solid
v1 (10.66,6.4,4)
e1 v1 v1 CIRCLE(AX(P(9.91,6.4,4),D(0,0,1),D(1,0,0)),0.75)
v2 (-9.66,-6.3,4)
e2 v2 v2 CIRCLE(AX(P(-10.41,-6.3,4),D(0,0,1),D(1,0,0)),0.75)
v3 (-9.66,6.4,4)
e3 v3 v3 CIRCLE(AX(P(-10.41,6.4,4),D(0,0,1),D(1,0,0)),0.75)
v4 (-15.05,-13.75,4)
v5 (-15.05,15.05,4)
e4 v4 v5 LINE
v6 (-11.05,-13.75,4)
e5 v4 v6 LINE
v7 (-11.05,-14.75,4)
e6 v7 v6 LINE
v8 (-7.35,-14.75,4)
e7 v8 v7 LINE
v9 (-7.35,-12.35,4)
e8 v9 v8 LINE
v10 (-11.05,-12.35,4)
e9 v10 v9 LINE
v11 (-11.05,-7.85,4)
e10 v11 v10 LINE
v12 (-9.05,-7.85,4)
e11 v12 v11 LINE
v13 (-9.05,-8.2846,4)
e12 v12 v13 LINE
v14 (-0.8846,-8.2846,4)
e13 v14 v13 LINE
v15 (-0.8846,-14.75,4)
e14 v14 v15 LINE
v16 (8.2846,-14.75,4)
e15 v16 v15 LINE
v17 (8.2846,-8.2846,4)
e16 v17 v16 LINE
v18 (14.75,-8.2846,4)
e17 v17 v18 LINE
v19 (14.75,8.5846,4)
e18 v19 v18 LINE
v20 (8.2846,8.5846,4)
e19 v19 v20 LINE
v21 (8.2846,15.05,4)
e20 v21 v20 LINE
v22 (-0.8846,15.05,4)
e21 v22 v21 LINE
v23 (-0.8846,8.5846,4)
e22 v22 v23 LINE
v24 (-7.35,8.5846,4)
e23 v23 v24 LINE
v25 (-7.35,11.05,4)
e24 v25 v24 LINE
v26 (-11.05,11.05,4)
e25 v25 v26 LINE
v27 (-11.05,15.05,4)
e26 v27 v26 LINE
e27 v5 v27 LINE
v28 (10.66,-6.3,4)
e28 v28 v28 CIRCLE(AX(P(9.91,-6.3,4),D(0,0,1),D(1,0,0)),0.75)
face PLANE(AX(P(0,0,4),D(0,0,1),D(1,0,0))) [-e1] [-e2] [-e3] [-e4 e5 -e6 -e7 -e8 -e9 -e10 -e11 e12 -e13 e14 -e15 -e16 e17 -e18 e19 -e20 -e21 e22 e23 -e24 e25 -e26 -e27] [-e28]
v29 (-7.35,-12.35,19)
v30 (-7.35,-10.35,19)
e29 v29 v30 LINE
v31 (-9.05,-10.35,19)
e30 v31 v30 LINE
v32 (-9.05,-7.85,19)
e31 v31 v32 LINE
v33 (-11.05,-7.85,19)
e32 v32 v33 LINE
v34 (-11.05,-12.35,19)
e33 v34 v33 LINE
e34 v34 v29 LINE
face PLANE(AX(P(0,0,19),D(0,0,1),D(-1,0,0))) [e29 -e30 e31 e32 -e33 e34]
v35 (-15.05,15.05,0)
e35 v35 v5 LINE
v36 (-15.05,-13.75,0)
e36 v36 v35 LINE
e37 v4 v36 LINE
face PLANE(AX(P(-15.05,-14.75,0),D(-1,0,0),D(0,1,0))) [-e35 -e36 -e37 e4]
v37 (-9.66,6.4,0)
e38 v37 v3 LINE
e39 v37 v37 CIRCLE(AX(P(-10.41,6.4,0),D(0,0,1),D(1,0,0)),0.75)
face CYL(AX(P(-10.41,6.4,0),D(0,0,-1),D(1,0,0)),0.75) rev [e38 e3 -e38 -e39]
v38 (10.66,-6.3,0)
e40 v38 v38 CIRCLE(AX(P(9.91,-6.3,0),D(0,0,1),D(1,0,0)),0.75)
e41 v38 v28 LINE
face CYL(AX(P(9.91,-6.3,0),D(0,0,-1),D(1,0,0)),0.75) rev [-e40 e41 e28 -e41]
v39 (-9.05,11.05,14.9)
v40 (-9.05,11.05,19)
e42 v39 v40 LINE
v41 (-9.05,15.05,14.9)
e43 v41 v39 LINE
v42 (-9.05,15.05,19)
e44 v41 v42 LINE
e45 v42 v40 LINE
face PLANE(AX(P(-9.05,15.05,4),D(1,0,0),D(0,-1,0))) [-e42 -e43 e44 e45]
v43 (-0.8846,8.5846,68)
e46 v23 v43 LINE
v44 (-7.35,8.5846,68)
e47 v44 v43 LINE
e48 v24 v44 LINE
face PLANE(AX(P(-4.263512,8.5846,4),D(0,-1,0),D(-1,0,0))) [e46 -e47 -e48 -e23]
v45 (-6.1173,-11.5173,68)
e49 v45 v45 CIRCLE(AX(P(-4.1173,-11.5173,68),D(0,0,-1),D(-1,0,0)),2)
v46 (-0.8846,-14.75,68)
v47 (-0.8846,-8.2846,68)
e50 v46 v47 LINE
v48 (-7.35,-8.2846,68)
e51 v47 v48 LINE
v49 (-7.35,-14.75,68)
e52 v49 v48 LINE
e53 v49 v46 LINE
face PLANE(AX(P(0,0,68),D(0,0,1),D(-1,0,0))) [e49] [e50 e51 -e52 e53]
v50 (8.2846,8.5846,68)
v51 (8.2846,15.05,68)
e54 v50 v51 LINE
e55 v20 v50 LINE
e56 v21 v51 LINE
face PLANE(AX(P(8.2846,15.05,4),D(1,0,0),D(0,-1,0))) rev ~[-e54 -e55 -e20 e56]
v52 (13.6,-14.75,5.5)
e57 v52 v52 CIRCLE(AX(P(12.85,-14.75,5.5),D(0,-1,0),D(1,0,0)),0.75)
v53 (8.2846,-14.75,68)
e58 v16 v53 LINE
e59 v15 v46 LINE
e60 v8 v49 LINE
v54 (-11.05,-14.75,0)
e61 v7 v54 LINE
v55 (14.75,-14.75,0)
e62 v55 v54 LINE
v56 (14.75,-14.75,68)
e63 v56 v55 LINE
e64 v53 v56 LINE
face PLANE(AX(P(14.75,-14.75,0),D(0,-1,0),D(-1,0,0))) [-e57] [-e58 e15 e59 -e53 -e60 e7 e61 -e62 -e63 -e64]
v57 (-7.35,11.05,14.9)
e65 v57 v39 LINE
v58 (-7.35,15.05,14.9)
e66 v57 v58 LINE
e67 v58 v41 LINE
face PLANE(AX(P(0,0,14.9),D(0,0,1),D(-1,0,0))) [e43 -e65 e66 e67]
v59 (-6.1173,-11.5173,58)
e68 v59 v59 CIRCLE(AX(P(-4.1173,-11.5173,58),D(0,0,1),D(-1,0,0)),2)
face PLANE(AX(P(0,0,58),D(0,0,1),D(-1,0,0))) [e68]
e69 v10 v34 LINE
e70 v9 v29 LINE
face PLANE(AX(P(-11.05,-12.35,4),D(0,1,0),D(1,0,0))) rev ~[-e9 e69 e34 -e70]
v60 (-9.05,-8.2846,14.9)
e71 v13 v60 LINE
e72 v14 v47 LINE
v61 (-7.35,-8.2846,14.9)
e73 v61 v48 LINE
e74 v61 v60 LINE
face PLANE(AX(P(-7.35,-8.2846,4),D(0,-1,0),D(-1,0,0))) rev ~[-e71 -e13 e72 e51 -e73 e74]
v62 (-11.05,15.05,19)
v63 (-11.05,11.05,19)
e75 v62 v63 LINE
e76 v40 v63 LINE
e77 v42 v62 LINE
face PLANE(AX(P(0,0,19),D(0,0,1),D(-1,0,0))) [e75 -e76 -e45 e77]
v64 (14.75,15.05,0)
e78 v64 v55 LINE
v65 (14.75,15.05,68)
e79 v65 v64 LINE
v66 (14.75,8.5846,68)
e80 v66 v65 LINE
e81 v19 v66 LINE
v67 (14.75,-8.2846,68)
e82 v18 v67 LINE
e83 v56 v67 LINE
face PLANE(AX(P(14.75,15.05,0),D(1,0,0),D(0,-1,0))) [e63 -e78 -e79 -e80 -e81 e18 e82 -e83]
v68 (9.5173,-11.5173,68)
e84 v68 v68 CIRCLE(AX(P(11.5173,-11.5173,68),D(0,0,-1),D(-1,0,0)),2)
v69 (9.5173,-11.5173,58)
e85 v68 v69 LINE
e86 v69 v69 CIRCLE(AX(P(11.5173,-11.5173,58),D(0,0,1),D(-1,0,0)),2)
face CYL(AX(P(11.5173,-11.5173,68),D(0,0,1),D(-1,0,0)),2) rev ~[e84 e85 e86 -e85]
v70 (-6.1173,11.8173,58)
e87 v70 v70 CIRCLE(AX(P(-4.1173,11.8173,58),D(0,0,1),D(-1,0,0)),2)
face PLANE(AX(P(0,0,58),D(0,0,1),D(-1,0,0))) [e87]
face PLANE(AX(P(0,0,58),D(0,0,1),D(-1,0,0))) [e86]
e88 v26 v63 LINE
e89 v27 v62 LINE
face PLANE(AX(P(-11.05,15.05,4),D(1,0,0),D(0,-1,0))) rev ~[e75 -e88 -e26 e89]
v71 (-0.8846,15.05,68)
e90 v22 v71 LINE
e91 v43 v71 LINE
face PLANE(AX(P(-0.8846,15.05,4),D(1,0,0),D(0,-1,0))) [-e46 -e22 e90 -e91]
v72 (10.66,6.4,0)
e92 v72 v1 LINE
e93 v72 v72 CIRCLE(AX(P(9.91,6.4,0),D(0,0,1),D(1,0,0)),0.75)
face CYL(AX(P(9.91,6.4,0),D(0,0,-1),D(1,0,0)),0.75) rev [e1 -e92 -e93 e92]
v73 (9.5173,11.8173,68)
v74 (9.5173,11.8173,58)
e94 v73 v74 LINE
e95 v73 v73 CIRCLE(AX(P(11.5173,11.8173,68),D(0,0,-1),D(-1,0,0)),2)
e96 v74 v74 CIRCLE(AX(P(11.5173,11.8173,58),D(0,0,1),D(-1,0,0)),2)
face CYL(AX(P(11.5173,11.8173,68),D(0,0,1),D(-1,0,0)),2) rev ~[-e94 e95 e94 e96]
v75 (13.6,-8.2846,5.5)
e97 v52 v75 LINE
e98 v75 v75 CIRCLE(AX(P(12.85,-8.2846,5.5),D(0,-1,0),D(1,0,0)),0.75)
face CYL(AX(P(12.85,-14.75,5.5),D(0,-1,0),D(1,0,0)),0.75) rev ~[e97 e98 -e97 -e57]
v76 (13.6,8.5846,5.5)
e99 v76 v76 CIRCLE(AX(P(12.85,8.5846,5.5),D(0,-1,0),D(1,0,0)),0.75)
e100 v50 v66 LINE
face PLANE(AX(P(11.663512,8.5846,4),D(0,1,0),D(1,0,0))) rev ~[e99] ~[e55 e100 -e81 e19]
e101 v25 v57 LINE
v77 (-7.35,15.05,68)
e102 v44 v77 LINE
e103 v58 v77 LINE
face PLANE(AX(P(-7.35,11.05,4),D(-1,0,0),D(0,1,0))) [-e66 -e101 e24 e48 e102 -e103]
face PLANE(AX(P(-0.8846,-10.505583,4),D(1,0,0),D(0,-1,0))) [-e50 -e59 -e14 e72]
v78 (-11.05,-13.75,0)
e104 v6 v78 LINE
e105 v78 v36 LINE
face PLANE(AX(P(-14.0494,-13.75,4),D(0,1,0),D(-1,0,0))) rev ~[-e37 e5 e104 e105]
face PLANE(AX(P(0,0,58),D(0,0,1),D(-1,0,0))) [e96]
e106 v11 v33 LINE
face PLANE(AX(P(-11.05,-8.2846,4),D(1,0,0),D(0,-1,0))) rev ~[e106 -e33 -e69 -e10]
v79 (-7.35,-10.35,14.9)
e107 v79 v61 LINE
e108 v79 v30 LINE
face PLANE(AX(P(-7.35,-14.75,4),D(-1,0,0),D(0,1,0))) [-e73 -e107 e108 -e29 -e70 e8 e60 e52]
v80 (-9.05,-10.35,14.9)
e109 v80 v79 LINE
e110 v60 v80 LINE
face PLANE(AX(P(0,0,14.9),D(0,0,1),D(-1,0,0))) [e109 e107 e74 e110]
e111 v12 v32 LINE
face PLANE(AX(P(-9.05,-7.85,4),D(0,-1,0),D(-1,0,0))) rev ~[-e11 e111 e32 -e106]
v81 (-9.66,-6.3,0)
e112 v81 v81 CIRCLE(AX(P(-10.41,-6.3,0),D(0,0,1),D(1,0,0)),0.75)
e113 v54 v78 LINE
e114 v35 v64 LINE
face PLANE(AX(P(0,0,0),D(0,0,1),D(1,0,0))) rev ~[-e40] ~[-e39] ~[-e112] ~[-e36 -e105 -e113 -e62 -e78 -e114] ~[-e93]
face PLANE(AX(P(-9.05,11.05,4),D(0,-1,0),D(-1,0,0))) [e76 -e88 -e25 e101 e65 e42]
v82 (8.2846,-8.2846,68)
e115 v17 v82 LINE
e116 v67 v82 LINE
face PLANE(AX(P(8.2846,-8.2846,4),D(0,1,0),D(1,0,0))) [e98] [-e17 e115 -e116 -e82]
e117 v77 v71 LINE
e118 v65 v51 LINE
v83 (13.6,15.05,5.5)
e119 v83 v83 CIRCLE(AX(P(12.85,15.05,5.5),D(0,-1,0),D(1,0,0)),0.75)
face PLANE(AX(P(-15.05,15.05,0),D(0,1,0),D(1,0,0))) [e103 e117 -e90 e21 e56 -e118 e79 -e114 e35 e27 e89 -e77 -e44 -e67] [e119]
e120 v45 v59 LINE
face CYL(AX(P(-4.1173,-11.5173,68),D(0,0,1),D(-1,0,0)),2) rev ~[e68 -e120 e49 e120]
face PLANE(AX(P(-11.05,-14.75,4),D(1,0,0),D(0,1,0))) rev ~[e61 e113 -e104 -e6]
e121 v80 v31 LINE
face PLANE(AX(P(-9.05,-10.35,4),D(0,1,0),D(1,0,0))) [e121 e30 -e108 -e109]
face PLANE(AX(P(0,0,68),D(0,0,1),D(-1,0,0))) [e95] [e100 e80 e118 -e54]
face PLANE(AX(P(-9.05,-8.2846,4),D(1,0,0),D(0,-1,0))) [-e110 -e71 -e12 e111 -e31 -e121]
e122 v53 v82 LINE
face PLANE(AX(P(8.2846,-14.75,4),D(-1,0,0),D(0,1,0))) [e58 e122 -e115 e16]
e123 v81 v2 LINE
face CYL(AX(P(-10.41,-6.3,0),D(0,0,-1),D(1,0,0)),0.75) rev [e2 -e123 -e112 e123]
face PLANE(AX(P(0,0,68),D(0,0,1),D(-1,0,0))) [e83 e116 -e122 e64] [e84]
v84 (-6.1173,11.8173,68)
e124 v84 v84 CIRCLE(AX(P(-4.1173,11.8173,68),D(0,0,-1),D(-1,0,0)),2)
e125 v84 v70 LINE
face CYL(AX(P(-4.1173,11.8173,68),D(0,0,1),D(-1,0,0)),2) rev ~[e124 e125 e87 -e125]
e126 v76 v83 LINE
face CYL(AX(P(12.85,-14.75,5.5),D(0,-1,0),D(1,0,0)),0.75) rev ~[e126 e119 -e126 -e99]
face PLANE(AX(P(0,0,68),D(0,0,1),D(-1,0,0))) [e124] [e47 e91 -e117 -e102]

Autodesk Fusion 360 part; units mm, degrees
sketch "Skizze1" plane through (0, 0, 0) normal (0, 0, 1) x (1, 0, 0)
  line L0 (-15.05, 15.05) -> (14.75, 15.05)
  line L1 (14.75, 15.05) -> (14.75, -14.75)
  line L2 (14.75, -14.75) -> (-15.05, -14.75)
  line L3 (-15.05, -14.75) -> (-15.05, 15.05)
  circle A0 centre (-10.41, 6.4) radius 0.75
  circle A1 centre (9.91, 6.4) radius 0.75
  circle A2 centre (-10.41, -6.3) radius 0.75
  circle A3 centre (9.91, -6.3) radius 0.75
  dimension "d1" = 14.75
  dimension "d3" = 14.75
  dimension "d4" = 29.8
  dimension "d5" = 1.5
  dimension "d6" = 1.5
  dimension "d7" = 1.5
  dimension "d8" = 1.5
  dimension "d9" = 20.32
  dimension "d10" = 20.32
  dimension "d11" = 12.7
  dimension "d12" = 12.7
  dimension "d13" = 4.84
  dimension "d14" = 8.65
  dimension "d15" = 4.84
  dimension "d120" = 8.65
extrude "Extrusion1" add sketch "Skizze1" along normal blind 4 contours L0 L1 L2 L3 | A0 | A1 | A2 | A3 makes body 1
sketch "Skizze2" plane through (0, 0, 4) normal (0, 0, 1) x (-1, 0, 0)
  line L0 (15.05, 14.75) -> (-14.75, 14.75)
  line L1 (-14.75, 14.75) -> (-14.75, -15.05)
  line L2 (-14.75, -15.05) -> (15.05, -15.05)
  line L3 (15.05, -15.05) -> (15.05, 14.75)
  circle A0 centre (-3.7, -0.15) radius 9.6
  circle A1 centre (-3.7, -0.15) radius 11.6
  circle A2 centre (-9.91, 6.3) radius 0.75
  line L4 (-14.75, 14.75) -> (15.05, 14.75)
  line L5 (15.05, -15.05) -> (-14.75, -15.05)
  line L6 (15.05, 14.75) -> (11.05, 14.75)
  line L7 (11.05, 14.75) -> (11.05, 13.75)
  line L8 (11.05, 13.75) -> (15.05, 13.75)
  line L9 (15.05, 13.75) -> (15.05, 14.75)
  line L10 (15.05, 14.75) -> (14.05, 14.75)
  line L11 (14.05, 14.75) -> (14.0476, 10.75)
  line L12 (14.0476, 10.75) -> (15.05, 10.75)
  line L13 (15.05, 10.75) -> (15.05, 14.75)
  line L14 (7.35, -15.05) -> (9.05, -15.05)
  line L15 (9.05, -15.05) -> (9.05, 10.35)
  line L16 (9.05, 10.35) -> (7.35, 10.35)
  line L17 (7.35, 10.35) -> (7.35, -15.05)
  line L18 (5.35, -17.05) -> (11.05, -17.05)
  line L19 (11.05, -17.05) -> (11.05, 12.35)
  line L20 (11.05, 12.35) -> (5.35, 12.35)
  line L21 (5.35, 12.35) -> (5.35, -17.05)
  line L22 (5.35, 6.35) -> (11.05, 6.35)
  line L23 (5.35, -11.05) -> (11.05, -11.05)
  line L24 (-14.75, -15.05) -> (-8.2846, -15.05)
  line L25 (-8.2846, -15.05) -> (-8.2846, -8.5846)
  line L26 (-8.2846, -8.5846) -> (-14.75, -8.5846)
  line L27 (-14.75, -8.5846) -> (-14.75, -15.05)
  line L28 (-14.75, 14.75) -> (-8.2846, 14.75)
  line L29 (-8.2846, 14.75) -> (-8.2846, 8.2846)
  line L30 (-8.2846, 8.2846) -> (-14.75, 8.2846)
  line L31 (-14.75, 8.2846) -> (-14.75, 14.75)
  line L32 (7.35, -15.05) -> (0.8846, -15.05)
  line L33 (0.8846, -15.05) -> (0.8846, -8.5846)
  line L34 (0.8846, -8.5846) -> (7.35, -8.5846)
  line L35 (7.35, -8.5846) -> (7.35, -15.05)
  line L36 (0.8846, 14.75) -> (7.35, 14.75)
  line L37 (7.35, 14.75) -> (7.35, 8.2846)
  line L38 (7.35, 8.2846) -> (0.8846, 8.2846)
  line L39 (0.8846, 8.2846) -> (0.8846, 14.75)
  line L40 (9.05, 7.85) -> (11.05, 7.85)
  line L41 (7.35, 8.2846) -> (11.05, 8.2846)
  line L42 (-11.5203, -7.2177) -> (-14.8261, 3.1318)
  line L43 (-11.9705, 6.4686) -> (-11.6289, 6.5777)
  line L44 (-11.6289, 6.5777) -> (-13.2589, 1.4745)
  line L45 (-3.7, -0.15) -> (-14.75, 3.3795)
  line L46 (-3.7, -0.15) -> (-14.75, -3.6795)
  dimension "d18" = 19.2
  dimension "d19" = 2
  dimension "d26" = 14.9
  dimension "d135" = 4
  dimension "d136" = 1
  dimension "d137" = 1
  dimension "d138" = 4
  dimension "d153" = 1.7
  dimension "d154" = 25.4
  dimension "d155" = 2
  dimension "d156" = 4
  dimension "d157" = 4
  dimension "d160" = 6
  dimension "d215" = 11.05
extrude "Extrusion29" cut sketch "Skizze1" along normal blind 4 contours A0 | A1 | A2 | A3 bodies 1
extrude "Extrusion31" add sketch "Skizze2" along normal blind 10.9 separate body contours L15 L16 L17 L37 L41 | L2 L5 L14 L15 L17 L23 L35 makes body 2 at (-7.35, -9.6615, 11.2667) makes body 3 at (-7.35, 12.3833, 7.6333)
extrude "Extrusion32" add sketch "Skizze2" along normal blind 15 contours L15 L16 L19 L20 L37 L41 | L2 L5 L15 L19 L23 | L15 L19 L40 L41 bodies 1 2 3
extrude "Extrusion34" cut sketch "Skizze2" against normal blind 4 contours L0 L3 L4 L6 L8 L9 L10 L11 L13 | L0 L4 L6 L7 L8 L11 bodies 1
extrude "Extrusion35" add sketch "Skizze2" along normal blind 64 contours L0 A1 L4 L20 L21 L36 L37 L38 L39 | L17 L20 L21 L37 L38 | L0 L1 A1 L4 L28 L29 L30 L31 | A1 L38 L39 | A1 L29 L30 | L2 L5 L17 L21 L23 L32 L35 | L2 A1 L5 L21 L32 L33 L34 | L17 L21 L23 L34 L35 | A1 L33 L34 | L1 L2 A1 L5 L24 L25 L26 L27 | A1 L25 L26 bodies 1
sketch "Skizze9" plane through (0, 0, 68) normal (0, 0, 1) x (-1, 0, 0)
  line L0 (-14.75, 8.2846) -> (-8.2846, 8.2846)
  line L1 (-8.2846, 8.2846) -> (-8.2846, 14.75)
  line L2 (-8.2846, 14.75) -> (-14.75, 14.75)
  line L3 (-14.75, 14.75) -> (-14.75, 8.2846)
  line L4 (-14.75, 14.75) -> (-8.2846, 8.2846)
  line L5 (-14.75, 8.2846) -> (-8.2846, 14.75)
  circle A0 centre (-11.5173, 11.5173) radius 2
  dimension "d225" = 4
sketch "Skizze10" plane through (0, 0, 68) normal (0, 0, 1) x (-1, 0, 0)
  line L0 (0.8846, 8.2846) -> (7.35, 8.2846)
  line L1 (7.35, 8.2846) -> (7.35, 14.75)
  line L2 (7.35, 14.75) -> (0.8846, 14.75)
  line L3 (0.8846, 14.75) -> (0.8846, 8.2846)
  line L4 (0.8846, 8.2846) -> (7.35, 14.75)
  line L5 (0.8846, 14.75) -> (7.35, 8.2846)
  circle A0 centre (4.1173, 11.5173) radius 2
  dimension "d226" = 4
sketch "Skizze11" plane through (0, 0, 68) normal (0, 0, 1) x (-1, 0, 0)
  line L0 (7.35, -8.5846) -> (0.8846, -8.5846)
  line L1 (0.8846, -8.5846) -> (0.8846, -15.05)
  line L2 (0.8846, -15.05) -> (7.35, -15.05)
  line L3 (7.35, -15.05) -> (7.35, -8.5846)
  line L4 (0.8846, -8.5846) -> (7.35, -15.05)
  line L5 (0.8846, -15.05) -> (7.35, -8.5846)
  circle A0 centre (4.1173, -11.8173) radius 2
  dimension "d227" = 4
sketch "Skizze12" plane through (0, 0, 68) normal (0, 0, 1) x (-1, 0, 0)
  line L0 (-14.75, -8.5846) -> (-14.75, -15.05)
  line L1 (-14.75, -15.05) -> (-8.2846, -15.05)
  line L2 (-8.2846, -15.05) -> (-8.2846, -8.5846)
  line L3 (-8.2846, -8.5846) -> (-14.75, -8.5846)
  line L4 (-14.75, -8.5846) -> (-8.2846, -15.05)
  line L5 (-14.75, -15.05) -> (-8.2846, -8.5846)
  circle A0 centre (-11.5173, -11.8173) radius 2
  dimension "d228" = 4
extrude "Extrusion36" cut sketch "Skizze10" sketch "Skizze9" sketch "Skizze12" sketch "Skizze11" against normal blind 10 contours L4 L5 A0 | L4 L5 A0 | L4 L5 A0 | L4 L5 A0 of sketch 2 contours L4 L5 A0 | L4 L5 A0 | L4 L5 A0 | L4 L5 A0 of sketch 3 contours L4 L5 A0 | L4 L5 A0 | L4 L5 A0 | L4 L5 A0 of sketch 4 contours L4 L5 A0 | L4 L5 A0 | L4 L5 A0 | L4 L5 A0 bodies 1
sketch "Skizze13" plane through (0, -14.75, 0) normal (0, -1, 0) x (1, 0, 0)
  line L0 (-11.05, 4) -> (-11.05, 0)
  line L1 (-11.05, 0) -> (14.75, 0)
  line L2 (14.75, 0) -> (14.75, 68)
  line L3 (14.75, 68) -> (8.2846, 68)
  line L4 (8.2846, 68) -> (8.2846, 4)
  line L5 (8.2846, 4) -> (-0.8846, 4)
  line L6 (-0.8846, 4) -> (-0.8846, 68)
  line L7 (-0.8846, 68) -> (-7.35, 68)
  line L8 (-7.35, 68) -> (-7.35, 4)
  line L9 (-7.35, 4) -> (-11.05, 4)
  circle A0 centre (12.85, 6) radius 2
  line L10 (14.75, 0) -> (-15.05, 0)
  circle A1 centre (6.35, 6) radius 2
  circle A2 centre (-0.15, 6) radius 2
  circle A3 centre (-6.65, 6) radius 2
  circle A4 centre (-13.15, 6) radius 2
  line L11 (-6.65, 6) -> (-6.65, 5.5)
  circle A5 centre (-6.65, 5.5) radius 1.5
  circle A6 centre (-6.65, 5.5) radius 0.65
  line L12 (12.85, 6) -> (12.85, 5.5)
  circle A7 centre (12.85, 5.5) radius 1.5
  circle A8 centre (12.85, 5.5) radius 0.75
  dimension "d231" = 4
  dimension "d232" = 6
  dimension "d233" = 1.9
  dimension "d236" = -26
  dimension "d237" = 0
  dimension "d240" = 0.5
  dimension "d241" = 3
  dimension "d242" = 1.3
  dimension "d243" = 0.5
  dimension "d244" = 1.5
extrude "Extrusion37" cut sketch "Skizze13" against normal blind 29.8 contours A8 bodies 1
equation "d1 = 29.5 mm / 2"
equation "d3 = 29.5 mm / 2"
equation "d13 = ( 30 mm - 0.8 in ) / 2"
equation "d14 = ( 30 mm - 0.5 in ) / 2"
equation "d15 = ( 30 mm - 0.8 in ) / 2"
equation "d26 = ( 29.8 / 2 ) * 1 mm"
equation "d120 = ( 30 mm - 0.5 in ) / 2"
equation "d215 = ( 22.1 / 2 ) * 1 mm"
